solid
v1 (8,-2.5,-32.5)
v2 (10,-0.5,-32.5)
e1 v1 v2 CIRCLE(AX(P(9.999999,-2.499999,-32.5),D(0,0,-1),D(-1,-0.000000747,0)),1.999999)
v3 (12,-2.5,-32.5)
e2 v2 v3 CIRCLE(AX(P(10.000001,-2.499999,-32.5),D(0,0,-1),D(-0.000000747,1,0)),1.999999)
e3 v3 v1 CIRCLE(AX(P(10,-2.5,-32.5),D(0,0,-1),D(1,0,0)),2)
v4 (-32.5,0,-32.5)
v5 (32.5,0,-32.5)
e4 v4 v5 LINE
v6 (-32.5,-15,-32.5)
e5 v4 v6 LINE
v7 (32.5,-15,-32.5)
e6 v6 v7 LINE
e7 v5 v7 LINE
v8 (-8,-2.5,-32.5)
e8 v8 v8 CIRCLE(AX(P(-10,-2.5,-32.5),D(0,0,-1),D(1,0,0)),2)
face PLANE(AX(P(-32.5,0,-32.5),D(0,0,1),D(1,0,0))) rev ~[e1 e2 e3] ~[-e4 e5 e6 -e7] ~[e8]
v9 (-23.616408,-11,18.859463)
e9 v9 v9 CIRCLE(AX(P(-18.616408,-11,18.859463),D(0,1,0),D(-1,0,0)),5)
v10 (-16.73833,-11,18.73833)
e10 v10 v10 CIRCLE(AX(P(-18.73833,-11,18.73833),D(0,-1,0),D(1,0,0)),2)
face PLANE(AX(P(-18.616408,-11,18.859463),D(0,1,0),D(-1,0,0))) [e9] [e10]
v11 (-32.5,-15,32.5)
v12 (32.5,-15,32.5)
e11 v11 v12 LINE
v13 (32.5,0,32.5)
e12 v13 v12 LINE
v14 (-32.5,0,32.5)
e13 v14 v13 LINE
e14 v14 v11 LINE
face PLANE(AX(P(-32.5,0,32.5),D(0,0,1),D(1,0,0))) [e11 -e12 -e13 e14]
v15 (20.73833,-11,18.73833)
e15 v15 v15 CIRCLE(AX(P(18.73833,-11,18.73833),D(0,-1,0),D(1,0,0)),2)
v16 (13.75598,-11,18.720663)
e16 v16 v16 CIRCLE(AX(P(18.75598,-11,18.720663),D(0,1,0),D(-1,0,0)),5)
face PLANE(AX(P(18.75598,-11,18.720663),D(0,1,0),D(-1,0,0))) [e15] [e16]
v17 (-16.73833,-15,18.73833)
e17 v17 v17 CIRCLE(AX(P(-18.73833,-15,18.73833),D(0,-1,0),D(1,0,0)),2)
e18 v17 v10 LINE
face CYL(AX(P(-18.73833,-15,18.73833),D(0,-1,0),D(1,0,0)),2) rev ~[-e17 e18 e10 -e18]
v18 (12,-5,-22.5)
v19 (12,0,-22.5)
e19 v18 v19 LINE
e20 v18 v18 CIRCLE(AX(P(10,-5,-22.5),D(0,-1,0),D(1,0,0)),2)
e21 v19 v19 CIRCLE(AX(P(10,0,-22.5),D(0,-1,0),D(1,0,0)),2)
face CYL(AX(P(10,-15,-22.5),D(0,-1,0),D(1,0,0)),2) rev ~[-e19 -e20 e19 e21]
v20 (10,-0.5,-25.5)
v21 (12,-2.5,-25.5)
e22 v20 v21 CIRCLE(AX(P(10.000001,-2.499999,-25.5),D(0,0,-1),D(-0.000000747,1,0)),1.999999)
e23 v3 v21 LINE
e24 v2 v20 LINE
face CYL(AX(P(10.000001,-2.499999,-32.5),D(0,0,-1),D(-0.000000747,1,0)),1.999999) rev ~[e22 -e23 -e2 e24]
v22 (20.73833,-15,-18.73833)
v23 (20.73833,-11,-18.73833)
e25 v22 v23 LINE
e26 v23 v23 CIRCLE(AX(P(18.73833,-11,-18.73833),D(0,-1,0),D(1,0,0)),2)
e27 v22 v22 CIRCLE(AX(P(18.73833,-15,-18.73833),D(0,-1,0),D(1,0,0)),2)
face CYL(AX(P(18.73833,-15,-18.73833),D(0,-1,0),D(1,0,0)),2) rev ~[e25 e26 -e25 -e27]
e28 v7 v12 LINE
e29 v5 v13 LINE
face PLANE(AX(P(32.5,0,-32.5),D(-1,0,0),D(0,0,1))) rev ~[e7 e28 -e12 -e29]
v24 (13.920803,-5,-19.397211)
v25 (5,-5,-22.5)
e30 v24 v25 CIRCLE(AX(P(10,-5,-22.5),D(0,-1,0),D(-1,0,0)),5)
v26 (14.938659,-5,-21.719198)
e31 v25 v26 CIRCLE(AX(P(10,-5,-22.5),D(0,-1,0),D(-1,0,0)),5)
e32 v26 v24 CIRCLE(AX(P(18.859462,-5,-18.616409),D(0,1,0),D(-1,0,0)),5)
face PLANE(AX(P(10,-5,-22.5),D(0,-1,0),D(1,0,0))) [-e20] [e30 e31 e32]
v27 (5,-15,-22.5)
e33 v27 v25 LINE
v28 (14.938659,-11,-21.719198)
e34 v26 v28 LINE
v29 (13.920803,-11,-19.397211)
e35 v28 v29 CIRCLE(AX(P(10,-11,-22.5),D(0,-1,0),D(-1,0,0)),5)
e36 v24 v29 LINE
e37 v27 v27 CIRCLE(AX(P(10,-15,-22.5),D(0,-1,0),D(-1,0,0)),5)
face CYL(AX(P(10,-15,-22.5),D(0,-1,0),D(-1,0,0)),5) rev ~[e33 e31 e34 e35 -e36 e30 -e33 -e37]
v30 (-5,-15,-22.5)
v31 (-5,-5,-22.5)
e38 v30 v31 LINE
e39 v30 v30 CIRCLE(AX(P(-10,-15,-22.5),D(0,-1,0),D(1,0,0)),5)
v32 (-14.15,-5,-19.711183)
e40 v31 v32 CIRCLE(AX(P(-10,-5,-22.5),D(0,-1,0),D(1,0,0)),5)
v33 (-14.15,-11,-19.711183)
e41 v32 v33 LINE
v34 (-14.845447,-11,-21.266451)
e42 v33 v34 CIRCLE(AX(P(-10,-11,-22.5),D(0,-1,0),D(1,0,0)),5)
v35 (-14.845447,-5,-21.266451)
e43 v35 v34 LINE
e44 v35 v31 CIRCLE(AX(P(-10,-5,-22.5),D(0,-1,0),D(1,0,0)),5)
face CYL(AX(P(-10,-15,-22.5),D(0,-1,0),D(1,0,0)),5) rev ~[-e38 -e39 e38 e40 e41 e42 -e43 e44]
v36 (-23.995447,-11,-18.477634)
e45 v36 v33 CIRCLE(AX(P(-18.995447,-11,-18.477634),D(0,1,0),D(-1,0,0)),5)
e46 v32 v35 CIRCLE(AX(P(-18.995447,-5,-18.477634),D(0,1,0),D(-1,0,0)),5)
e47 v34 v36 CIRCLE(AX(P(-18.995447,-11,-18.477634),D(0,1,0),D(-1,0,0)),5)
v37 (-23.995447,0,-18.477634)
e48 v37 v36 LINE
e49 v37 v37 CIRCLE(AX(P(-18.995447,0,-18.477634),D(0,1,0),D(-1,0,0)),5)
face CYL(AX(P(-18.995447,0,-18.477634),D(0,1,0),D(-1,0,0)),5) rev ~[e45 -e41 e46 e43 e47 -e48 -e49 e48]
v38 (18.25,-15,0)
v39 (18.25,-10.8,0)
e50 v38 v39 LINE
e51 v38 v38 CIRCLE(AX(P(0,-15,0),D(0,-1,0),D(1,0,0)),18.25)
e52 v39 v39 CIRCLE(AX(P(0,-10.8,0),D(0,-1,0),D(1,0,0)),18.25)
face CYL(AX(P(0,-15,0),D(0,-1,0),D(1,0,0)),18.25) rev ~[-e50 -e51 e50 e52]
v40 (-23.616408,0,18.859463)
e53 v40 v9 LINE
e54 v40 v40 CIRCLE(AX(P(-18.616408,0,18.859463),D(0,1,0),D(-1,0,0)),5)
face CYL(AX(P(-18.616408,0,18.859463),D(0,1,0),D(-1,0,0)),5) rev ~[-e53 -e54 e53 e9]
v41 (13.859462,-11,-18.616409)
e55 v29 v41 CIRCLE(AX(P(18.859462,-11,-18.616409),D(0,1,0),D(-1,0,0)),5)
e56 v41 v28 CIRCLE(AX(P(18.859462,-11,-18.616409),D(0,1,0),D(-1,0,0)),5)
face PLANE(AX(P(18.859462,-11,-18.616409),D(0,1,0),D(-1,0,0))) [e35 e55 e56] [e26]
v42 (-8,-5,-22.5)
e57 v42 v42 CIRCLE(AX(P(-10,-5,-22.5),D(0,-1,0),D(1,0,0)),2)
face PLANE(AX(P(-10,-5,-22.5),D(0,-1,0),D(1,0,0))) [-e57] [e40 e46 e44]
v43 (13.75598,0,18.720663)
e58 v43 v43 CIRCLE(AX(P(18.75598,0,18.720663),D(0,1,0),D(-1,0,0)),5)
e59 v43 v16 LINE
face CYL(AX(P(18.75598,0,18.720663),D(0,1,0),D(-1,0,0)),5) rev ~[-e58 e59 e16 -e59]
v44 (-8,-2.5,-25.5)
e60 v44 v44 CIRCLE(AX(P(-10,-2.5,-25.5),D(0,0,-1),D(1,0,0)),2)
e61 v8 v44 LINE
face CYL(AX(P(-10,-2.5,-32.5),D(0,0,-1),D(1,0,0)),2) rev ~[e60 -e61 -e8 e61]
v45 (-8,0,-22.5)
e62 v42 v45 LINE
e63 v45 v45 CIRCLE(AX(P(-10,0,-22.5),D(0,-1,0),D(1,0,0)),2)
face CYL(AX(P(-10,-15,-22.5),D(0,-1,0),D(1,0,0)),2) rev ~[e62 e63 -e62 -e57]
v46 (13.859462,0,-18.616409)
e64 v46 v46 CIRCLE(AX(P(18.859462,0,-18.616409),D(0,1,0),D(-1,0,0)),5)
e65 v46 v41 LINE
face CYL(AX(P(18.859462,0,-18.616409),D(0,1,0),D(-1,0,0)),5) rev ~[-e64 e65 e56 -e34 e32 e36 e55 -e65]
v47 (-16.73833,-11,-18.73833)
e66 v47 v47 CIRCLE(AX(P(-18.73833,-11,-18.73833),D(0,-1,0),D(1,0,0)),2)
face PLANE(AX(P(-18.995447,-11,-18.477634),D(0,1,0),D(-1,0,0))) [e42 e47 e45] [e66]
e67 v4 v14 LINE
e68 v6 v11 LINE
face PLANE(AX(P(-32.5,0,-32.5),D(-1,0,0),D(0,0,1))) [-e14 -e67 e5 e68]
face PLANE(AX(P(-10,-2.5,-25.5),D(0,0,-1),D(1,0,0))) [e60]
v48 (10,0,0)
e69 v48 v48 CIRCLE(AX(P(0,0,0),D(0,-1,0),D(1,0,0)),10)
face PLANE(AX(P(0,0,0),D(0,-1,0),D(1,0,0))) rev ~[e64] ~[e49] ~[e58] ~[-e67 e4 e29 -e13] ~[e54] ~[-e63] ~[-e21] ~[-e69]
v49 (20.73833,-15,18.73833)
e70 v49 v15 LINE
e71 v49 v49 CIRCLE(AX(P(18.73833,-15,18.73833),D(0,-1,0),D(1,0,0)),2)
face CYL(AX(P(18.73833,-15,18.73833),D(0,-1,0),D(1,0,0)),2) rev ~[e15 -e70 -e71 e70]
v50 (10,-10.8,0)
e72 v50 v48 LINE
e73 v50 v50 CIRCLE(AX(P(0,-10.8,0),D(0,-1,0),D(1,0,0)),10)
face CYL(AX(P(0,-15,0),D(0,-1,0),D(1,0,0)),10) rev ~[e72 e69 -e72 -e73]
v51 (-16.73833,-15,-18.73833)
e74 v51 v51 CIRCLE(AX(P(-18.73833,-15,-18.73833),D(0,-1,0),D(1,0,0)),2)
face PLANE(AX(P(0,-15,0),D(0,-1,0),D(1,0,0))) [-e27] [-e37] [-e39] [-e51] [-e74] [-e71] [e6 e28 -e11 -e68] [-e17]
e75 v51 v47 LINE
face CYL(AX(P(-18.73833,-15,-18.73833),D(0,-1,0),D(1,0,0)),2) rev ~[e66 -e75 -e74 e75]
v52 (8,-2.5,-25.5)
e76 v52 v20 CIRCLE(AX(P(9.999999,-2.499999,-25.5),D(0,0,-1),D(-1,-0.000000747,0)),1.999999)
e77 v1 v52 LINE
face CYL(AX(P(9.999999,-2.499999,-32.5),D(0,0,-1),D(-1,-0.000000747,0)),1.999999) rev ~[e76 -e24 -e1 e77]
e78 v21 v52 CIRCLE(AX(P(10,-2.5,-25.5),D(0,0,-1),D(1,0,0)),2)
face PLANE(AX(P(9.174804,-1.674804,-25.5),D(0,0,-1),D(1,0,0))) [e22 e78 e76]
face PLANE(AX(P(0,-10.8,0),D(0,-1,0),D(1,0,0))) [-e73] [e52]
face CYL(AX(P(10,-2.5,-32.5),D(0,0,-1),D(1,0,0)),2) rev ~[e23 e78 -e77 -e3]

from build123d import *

# Parameters (mm, degrees)
F0_W      = 65
F0_H      = 65
F1_DEPTH  = 15
F2_R      = 18.25
F3_DEPTH  = 4.2
F4_R      = 10
F5_DEPTH  = 25
F6_R      = 5
F7_DEPTH  = 10
F8_R      = 2
F9_DEPTH  = 25
F12_R     = 5
F13_DEPTH = 11
F11_R     = 2
F14_DEPTH = 25
F15_R     = 2
F16_DEPTH = 7


with BuildPart() as f1:
    # F0 (on Front) → F1 (new body)
    with BuildSketch(Plane.XZ):
        Rectangle(F0_W, F0_H)
    extrude(amount=F1_DEPTH)

    # F2 (on face) → F3 (cut)
    with BuildSketch(Plane.XZ.offset(15)):
        Circle(F2_R)
    extrude(amount=-F3_DEPTH, mode=Mode.SUBTRACT)

    # F4 (on face) → F5 (cut)
    with BuildSketch(Plane.XZ.offset(15)):
        Circle(F4_R)
    extrude(amount=-F5_DEPTH, mode=Mode.SUBTRACT)

    # F6 (on face) → F7 (cut)
    with BuildSketch(Plane.XZ.offset(15)):
        with BuildLine():
            ThreePointArc((15, -22.5), (10, -17.5), (5, -22.5))
            ThreePointArc((5, -22.5), (10, -27.5), (15, -22.5))
        make_face()
        with Locations((-10, -22.5)):
            Circle(F6_R)
    extrude(amount=-F7_DEPTH, mode=Mode.SUBTRACT)

    # F8 (on face) → F9 (cut)
    with BuildSketch(Plane.XZ.offset(15)):
        with Locations((-10, -22.5)):
            Circle(F8_R)
        with Locations((10, -22.5)):
            Circle(F8_R)
    extrude(amount=-F9_DEPTH, mode=Mode.SUBTRACT)

    # F12 (on face) → F13 (cut)
    with BuildSketch(Plane(origin=(0, 0, 0), x_dir=(-1, 0, 0), z_dir=(0, 1, 0))):
        with Locations((18.616408, 18.859463)):
            Circle(F12_R)
        with Locations((18.995447, -18.477634)):
            Circle(F12_R)
        with Locations((-18.859462, -18.616409)):
            Circle(F12_R)
        with Locations((-18.75598, 18.720663)):
            Circle(F12_R)
    extrude(amount=-F13_DEPTH, mode=Mode.SUBTRACT)

    # F11 (on face) → F14 (cut)
    with BuildSketch(Plane.XZ.offset(15)):
        with Locations((-18.73833, 18.73833)):
            Circle(F11_R)
        with Locations((-18.73833, -18.73833)):
            Circle(F11_R)
        with Locations((18.73833, 18.73833)):
            Circle(F11_R)
        with Locations((18.73833, -18.73833)):
            Circle(F11_R)
    extrude(amount=-F14_DEPTH, mode=Mode.SUBTRACT)

    # F15 (on face) → F16 (cut)
    with BuildSketch(Plane(origin=(0, 0, -32.5), x_dir=(1, 0, 0), z_dir=(0, 0, -1))):
        with BuildLine():
            ThreePointArc((8, 2.5), (8.585786, 1.085786), (10, 0.5))
            Line((10, 0.5), (10, 2.5))
            Line((10, 2.5), (8, 2.5))
        make_face()
        with Locations((-10, 2.5)):
            Circle(F15_R)
        with BuildLine():
            Line((10, 2.5), (10, 0.5))
            ThreePointArc((10, 0.5), (11.414214, 1.085786), (12, 2.5))
            ThreePointArc((12, 2.5), (10, 4.5), (8, 2.5))
            Line((8, 2.5), (10, 2.5))
        make_face()
    extrude(amount=-F16_DEPTH, mode=Mode.SUBTRACT)


solid = f1.part
